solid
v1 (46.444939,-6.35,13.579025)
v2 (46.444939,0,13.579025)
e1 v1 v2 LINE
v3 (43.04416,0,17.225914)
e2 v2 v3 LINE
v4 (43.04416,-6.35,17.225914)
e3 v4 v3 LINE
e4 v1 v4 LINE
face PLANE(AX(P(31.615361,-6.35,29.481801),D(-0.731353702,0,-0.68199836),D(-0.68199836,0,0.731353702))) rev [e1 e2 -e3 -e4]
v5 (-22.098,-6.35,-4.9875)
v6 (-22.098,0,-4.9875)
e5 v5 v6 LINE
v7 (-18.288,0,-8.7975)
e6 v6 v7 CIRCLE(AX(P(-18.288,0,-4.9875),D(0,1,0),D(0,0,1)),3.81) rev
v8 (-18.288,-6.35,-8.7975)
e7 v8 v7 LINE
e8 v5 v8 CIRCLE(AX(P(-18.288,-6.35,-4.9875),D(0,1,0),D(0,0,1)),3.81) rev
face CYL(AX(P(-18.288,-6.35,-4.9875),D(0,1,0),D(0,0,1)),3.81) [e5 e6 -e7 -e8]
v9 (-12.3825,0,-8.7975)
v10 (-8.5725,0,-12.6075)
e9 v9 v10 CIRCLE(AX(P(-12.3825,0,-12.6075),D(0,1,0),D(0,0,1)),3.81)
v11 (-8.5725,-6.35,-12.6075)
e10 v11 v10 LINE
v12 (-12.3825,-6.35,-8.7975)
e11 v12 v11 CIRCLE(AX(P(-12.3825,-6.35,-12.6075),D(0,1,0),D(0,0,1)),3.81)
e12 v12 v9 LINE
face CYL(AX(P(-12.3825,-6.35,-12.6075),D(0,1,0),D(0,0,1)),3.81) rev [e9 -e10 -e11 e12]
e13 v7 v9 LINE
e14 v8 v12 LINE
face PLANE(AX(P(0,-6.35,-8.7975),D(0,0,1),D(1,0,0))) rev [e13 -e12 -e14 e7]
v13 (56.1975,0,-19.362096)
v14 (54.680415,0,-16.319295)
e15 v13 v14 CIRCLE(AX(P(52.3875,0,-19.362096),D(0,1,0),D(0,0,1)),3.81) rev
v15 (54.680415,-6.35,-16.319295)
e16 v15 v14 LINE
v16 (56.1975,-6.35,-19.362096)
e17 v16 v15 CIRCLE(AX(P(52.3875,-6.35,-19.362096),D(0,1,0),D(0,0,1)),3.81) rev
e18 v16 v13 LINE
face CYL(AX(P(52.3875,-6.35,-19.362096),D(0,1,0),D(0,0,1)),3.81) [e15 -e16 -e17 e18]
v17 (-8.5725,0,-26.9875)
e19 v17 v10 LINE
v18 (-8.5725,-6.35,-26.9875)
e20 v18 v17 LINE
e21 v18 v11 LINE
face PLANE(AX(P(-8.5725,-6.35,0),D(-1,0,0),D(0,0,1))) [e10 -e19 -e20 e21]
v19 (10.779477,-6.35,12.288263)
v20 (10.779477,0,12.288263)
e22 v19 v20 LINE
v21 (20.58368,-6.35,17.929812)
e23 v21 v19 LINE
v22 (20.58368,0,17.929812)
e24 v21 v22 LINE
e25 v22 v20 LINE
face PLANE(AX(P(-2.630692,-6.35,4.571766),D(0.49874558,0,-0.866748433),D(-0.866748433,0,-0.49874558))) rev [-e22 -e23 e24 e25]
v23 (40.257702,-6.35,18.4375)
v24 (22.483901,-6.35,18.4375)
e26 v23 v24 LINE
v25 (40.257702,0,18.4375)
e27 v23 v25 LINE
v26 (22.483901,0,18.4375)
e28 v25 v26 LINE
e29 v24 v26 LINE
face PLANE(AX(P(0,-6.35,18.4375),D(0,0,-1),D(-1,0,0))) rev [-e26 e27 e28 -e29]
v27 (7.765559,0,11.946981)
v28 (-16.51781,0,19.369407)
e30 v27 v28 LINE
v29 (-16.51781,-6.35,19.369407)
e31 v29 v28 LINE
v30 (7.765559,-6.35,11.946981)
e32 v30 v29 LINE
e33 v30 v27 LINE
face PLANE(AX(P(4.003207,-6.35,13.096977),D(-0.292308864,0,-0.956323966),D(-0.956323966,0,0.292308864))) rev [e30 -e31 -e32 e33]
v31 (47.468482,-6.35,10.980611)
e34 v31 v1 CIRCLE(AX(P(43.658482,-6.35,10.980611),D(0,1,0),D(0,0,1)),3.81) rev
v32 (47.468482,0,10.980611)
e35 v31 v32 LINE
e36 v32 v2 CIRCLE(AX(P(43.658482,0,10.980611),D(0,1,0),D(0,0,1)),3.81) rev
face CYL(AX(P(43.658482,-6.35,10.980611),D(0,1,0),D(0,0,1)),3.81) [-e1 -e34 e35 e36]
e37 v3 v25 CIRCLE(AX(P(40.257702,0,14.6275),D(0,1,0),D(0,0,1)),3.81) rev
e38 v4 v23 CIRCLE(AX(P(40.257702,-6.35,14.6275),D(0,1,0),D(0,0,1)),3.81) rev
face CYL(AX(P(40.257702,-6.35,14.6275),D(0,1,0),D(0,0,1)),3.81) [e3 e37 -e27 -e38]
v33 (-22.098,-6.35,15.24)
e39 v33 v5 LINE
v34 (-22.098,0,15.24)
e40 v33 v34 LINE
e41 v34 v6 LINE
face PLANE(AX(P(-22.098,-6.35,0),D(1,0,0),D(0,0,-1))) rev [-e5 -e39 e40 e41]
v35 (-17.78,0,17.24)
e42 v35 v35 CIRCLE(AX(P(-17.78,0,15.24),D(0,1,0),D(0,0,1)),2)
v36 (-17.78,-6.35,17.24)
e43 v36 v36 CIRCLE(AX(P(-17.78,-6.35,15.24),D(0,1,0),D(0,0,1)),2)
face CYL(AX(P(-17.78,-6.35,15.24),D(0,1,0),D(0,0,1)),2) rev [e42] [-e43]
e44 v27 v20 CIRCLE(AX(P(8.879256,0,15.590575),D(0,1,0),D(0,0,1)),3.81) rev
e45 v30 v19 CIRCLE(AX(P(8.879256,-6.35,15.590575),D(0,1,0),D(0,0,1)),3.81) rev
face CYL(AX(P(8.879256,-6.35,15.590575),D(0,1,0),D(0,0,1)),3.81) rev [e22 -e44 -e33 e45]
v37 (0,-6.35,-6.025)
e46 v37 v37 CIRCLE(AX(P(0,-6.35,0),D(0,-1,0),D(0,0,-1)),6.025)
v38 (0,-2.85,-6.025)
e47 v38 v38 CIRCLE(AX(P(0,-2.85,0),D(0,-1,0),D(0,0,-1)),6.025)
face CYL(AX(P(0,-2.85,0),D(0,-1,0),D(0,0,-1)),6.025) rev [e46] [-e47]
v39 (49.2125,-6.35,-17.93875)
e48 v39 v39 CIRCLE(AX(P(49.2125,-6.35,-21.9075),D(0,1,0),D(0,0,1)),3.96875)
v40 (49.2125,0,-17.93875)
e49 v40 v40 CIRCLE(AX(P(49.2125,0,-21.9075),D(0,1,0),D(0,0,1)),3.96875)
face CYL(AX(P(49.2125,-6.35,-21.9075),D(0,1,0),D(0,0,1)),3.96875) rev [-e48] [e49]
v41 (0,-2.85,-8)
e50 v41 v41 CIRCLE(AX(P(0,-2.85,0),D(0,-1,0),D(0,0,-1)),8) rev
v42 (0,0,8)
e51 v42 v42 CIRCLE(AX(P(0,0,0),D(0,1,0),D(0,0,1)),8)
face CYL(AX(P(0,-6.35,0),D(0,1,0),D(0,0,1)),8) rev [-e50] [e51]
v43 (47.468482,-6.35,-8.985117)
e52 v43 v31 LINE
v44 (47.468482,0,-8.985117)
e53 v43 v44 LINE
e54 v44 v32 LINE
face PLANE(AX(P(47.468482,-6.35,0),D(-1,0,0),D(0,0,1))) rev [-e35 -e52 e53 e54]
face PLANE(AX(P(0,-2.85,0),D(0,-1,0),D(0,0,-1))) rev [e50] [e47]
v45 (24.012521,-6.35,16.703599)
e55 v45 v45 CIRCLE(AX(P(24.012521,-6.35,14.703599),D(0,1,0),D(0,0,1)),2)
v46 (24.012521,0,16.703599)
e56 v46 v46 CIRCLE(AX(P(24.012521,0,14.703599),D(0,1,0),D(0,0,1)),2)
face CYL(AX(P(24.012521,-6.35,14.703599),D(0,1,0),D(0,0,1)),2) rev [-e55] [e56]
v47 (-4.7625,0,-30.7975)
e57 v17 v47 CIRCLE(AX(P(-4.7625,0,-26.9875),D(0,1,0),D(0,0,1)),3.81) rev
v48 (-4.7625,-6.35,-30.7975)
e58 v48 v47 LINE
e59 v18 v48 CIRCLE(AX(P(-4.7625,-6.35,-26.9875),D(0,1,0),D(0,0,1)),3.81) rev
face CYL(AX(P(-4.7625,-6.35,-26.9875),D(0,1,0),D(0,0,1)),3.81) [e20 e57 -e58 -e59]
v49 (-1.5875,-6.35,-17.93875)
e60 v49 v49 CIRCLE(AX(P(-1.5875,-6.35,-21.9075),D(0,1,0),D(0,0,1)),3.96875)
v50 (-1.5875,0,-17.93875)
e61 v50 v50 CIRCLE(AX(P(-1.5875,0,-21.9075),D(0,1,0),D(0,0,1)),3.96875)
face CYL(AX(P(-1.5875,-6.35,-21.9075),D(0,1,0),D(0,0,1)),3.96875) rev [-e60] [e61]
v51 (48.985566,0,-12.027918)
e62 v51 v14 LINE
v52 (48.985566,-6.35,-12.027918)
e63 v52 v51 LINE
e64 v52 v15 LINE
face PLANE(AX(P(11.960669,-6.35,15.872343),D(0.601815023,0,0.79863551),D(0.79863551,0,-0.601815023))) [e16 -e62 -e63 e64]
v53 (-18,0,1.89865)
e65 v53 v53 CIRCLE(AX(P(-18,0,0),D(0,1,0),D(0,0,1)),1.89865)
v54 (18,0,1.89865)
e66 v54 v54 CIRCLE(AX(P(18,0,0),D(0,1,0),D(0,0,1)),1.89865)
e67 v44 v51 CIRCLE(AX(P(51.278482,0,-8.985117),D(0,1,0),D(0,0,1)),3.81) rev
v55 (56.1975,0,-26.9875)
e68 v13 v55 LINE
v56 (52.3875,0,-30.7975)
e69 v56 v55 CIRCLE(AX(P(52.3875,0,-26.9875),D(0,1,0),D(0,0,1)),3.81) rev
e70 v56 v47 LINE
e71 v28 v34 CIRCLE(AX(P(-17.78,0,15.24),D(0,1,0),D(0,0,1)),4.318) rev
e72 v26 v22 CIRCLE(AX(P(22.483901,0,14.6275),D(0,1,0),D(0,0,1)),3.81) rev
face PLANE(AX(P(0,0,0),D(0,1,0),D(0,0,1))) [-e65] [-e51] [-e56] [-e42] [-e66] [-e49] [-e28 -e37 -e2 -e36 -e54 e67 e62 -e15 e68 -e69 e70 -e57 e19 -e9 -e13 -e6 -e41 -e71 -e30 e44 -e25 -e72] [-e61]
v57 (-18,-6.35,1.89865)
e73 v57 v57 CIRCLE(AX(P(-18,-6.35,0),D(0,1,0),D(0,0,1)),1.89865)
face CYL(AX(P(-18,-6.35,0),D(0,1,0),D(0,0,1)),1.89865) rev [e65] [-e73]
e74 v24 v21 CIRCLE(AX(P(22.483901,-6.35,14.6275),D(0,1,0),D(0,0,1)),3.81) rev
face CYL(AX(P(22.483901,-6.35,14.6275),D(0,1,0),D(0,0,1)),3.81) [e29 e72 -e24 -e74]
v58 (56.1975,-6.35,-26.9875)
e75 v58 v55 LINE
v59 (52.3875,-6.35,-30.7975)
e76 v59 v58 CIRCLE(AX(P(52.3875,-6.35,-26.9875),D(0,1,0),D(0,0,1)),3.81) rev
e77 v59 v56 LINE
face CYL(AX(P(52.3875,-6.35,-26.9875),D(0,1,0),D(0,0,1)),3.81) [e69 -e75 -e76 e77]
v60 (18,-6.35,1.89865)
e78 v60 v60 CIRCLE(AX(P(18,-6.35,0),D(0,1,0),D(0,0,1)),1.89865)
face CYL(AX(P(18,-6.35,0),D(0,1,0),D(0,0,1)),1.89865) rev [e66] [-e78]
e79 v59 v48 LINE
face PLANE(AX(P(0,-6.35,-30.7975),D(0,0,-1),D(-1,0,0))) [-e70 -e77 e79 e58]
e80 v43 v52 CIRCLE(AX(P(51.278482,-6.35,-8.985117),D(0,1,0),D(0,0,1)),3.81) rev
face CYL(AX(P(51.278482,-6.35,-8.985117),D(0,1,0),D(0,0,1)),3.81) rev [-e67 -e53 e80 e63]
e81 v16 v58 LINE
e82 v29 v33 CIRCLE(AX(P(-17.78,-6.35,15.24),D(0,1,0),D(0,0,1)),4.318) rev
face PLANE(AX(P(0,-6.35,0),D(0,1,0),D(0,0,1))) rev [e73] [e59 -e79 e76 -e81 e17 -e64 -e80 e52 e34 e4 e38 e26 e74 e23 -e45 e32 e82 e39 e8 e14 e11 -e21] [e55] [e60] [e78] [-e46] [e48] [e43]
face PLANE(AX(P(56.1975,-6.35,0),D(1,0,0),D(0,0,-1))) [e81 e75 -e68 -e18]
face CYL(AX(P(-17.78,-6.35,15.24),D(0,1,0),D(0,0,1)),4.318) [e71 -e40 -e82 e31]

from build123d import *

# Parameters (mm, degrees)
SKETCH4_R           = 8
SKETCH4_R_2         = 3.96875
SKETCH4_R_3         = 2
SKETCH4_R_4         = 1.89865
BOSS_EXTRUDE2_DEPTH = 6.35
BOSS_EXTRUDE5_START = -3.5
SKETCH31_R          = 8
SKETCH31_R_2        = 6.025
BOSS_EXTRUDE5_DEPTH = 3.5


with BuildPart() as part:
    # Sketch4 → Boss-Extrude2 (new body)
    with BuildSketch(Plane(origin=(0, 0, 0), x_dir=(1, 0, 0), z_dir=(0, 1, 0))):
        with BuildLine():
            Line((40.257702493, -18.4375), (22.483900583, -18.4375))
            ThreePointArc((22.483900583, -18.4375), (21.500464498, -18.308390309), (20.583679925, -17.929811531))
            Line((20.583679925, -17.929811531), (10.779476649, -12.288263354))
            ThreePointArc((10.779476649, -12.288263354), (9.307944036, -11.804768953), (7.765559219, -11.946980575))
            Line((7.765559219, -11.946980575), (-16.517810325, -19.369406885))
            ThreePointArc((-16.517810325, -19.369406885), (-20.348558836, -18.710969534), (-22.098, -15.24))
            Line((-22.098, -15.24), (-22.098, 4.987500122))
            ThreePointArc((-22.098, 4.987500122), (-20.982076836, 7.681576958), (-18.288, 8.797500122))
            Line((-18.288, 8.797500122), (-12.3825, 8.797500122))
            ThreePointArc((-12.3825, 8.797500122), (-9.688423164, 9.913423286), (-8.5725, 12.607500122))
            Line((-8.5725, 12.607500122), (-8.5725, 26.9875))
            ThreePointArc((-8.5725, 26.9875), (-7.456576836, 29.681576836), (-4.7625, 30.7975))
            Line((-4.7625, 30.7975), (52.3875, 30.7975))
            ThreePointArc((52.3875, 30.7975), (55.081576836, 29.681576836), (56.1975, 26.9875))
            Line((56.1975, 26.9875), (56.1975, 19.362095927))
            ThreePointArc((56.1975, 19.362095927), (55.797199918, 17.662082259), (54.680415238, 16.319294633))
            Line((54.680415238, 16.319294633), (48.985566477, 12.027918285))
            ThreePointArc((48.985566477, 12.027918285), (47.868781798, 10.685130659), (47.468481715, 8.985116992))
            Line((47.468481715, 8.985116992), (47.468481715, -10.980610773))
            ThreePointArc((47.468481715, -10.980610773), (47.203372649, -12.376980446), (46.444939319, -13.579024524))
            Line((46.444939319, -13.579024524), (43.044160097, -17.225913752))
            ThreePointArc((43.044160097, -17.225913752), (41.776936446, -18.121498883), (40.257702493, -18.4375))
        make_face()
        with Locations(Location((0, 0, 0), (0, 0, 270))):
            Circle(SKETCH4_R, mode=Mode.SUBTRACT)
        with Locations(Location((-1.5875, 21.9075, 0), (0, 0, 270))):
            Circle(SKETCH4_R_2, mode=Mode.SUBTRACT)
        with Locations(Location((49.2125, 21.9075, 0), (0, 0, 270))):
            Circle(SKETCH4_R_2, mode=Mode.SUBTRACT)
        with Locations(Location((24.012521227, -14.703599027, 0), (0, 0, 270))):
            Circle(SKETCH4_R_3, mode=Mode.SUBTRACT)
        with Locations(Location((-17.78, -15.24, 0), (0, 0, 270))):
            Circle(SKETCH4_R_3, mode=Mode.SUBTRACT)
        with Locations(Location((18.000000004, 0, 0), (0, 0, 270))):
            Circle(SKETCH4_R_4, mode=Mode.SUBTRACT)
        with Locations(Location((-18.000000004, 0, 0), (0, 0, 270))):
            Circle(SKETCH4_R_4, mode=Mode.SUBTRACT)
    extrude(amount=-BOSS_EXTRUDE2_DEPTH)

    # Sketch31 → Boss-Extrude5 (add)
    with BuildSketch(Plane.XZ.offset(6.35).offset(BOSS_EXTRUDE5_START)):
        with Locations(Location((0, 0, 0), (0, 0, 90))):
            Circle(SKETCH31_R)
        with Locations(Location((0, 0, 0), (0, 0, 270))):
            Circle(SKETCH31_R_2, mode=Mode.SUBTRACT)
    extrude(amount=BOSS_EXTRUDE5_DEPTH)


solid = part.part
